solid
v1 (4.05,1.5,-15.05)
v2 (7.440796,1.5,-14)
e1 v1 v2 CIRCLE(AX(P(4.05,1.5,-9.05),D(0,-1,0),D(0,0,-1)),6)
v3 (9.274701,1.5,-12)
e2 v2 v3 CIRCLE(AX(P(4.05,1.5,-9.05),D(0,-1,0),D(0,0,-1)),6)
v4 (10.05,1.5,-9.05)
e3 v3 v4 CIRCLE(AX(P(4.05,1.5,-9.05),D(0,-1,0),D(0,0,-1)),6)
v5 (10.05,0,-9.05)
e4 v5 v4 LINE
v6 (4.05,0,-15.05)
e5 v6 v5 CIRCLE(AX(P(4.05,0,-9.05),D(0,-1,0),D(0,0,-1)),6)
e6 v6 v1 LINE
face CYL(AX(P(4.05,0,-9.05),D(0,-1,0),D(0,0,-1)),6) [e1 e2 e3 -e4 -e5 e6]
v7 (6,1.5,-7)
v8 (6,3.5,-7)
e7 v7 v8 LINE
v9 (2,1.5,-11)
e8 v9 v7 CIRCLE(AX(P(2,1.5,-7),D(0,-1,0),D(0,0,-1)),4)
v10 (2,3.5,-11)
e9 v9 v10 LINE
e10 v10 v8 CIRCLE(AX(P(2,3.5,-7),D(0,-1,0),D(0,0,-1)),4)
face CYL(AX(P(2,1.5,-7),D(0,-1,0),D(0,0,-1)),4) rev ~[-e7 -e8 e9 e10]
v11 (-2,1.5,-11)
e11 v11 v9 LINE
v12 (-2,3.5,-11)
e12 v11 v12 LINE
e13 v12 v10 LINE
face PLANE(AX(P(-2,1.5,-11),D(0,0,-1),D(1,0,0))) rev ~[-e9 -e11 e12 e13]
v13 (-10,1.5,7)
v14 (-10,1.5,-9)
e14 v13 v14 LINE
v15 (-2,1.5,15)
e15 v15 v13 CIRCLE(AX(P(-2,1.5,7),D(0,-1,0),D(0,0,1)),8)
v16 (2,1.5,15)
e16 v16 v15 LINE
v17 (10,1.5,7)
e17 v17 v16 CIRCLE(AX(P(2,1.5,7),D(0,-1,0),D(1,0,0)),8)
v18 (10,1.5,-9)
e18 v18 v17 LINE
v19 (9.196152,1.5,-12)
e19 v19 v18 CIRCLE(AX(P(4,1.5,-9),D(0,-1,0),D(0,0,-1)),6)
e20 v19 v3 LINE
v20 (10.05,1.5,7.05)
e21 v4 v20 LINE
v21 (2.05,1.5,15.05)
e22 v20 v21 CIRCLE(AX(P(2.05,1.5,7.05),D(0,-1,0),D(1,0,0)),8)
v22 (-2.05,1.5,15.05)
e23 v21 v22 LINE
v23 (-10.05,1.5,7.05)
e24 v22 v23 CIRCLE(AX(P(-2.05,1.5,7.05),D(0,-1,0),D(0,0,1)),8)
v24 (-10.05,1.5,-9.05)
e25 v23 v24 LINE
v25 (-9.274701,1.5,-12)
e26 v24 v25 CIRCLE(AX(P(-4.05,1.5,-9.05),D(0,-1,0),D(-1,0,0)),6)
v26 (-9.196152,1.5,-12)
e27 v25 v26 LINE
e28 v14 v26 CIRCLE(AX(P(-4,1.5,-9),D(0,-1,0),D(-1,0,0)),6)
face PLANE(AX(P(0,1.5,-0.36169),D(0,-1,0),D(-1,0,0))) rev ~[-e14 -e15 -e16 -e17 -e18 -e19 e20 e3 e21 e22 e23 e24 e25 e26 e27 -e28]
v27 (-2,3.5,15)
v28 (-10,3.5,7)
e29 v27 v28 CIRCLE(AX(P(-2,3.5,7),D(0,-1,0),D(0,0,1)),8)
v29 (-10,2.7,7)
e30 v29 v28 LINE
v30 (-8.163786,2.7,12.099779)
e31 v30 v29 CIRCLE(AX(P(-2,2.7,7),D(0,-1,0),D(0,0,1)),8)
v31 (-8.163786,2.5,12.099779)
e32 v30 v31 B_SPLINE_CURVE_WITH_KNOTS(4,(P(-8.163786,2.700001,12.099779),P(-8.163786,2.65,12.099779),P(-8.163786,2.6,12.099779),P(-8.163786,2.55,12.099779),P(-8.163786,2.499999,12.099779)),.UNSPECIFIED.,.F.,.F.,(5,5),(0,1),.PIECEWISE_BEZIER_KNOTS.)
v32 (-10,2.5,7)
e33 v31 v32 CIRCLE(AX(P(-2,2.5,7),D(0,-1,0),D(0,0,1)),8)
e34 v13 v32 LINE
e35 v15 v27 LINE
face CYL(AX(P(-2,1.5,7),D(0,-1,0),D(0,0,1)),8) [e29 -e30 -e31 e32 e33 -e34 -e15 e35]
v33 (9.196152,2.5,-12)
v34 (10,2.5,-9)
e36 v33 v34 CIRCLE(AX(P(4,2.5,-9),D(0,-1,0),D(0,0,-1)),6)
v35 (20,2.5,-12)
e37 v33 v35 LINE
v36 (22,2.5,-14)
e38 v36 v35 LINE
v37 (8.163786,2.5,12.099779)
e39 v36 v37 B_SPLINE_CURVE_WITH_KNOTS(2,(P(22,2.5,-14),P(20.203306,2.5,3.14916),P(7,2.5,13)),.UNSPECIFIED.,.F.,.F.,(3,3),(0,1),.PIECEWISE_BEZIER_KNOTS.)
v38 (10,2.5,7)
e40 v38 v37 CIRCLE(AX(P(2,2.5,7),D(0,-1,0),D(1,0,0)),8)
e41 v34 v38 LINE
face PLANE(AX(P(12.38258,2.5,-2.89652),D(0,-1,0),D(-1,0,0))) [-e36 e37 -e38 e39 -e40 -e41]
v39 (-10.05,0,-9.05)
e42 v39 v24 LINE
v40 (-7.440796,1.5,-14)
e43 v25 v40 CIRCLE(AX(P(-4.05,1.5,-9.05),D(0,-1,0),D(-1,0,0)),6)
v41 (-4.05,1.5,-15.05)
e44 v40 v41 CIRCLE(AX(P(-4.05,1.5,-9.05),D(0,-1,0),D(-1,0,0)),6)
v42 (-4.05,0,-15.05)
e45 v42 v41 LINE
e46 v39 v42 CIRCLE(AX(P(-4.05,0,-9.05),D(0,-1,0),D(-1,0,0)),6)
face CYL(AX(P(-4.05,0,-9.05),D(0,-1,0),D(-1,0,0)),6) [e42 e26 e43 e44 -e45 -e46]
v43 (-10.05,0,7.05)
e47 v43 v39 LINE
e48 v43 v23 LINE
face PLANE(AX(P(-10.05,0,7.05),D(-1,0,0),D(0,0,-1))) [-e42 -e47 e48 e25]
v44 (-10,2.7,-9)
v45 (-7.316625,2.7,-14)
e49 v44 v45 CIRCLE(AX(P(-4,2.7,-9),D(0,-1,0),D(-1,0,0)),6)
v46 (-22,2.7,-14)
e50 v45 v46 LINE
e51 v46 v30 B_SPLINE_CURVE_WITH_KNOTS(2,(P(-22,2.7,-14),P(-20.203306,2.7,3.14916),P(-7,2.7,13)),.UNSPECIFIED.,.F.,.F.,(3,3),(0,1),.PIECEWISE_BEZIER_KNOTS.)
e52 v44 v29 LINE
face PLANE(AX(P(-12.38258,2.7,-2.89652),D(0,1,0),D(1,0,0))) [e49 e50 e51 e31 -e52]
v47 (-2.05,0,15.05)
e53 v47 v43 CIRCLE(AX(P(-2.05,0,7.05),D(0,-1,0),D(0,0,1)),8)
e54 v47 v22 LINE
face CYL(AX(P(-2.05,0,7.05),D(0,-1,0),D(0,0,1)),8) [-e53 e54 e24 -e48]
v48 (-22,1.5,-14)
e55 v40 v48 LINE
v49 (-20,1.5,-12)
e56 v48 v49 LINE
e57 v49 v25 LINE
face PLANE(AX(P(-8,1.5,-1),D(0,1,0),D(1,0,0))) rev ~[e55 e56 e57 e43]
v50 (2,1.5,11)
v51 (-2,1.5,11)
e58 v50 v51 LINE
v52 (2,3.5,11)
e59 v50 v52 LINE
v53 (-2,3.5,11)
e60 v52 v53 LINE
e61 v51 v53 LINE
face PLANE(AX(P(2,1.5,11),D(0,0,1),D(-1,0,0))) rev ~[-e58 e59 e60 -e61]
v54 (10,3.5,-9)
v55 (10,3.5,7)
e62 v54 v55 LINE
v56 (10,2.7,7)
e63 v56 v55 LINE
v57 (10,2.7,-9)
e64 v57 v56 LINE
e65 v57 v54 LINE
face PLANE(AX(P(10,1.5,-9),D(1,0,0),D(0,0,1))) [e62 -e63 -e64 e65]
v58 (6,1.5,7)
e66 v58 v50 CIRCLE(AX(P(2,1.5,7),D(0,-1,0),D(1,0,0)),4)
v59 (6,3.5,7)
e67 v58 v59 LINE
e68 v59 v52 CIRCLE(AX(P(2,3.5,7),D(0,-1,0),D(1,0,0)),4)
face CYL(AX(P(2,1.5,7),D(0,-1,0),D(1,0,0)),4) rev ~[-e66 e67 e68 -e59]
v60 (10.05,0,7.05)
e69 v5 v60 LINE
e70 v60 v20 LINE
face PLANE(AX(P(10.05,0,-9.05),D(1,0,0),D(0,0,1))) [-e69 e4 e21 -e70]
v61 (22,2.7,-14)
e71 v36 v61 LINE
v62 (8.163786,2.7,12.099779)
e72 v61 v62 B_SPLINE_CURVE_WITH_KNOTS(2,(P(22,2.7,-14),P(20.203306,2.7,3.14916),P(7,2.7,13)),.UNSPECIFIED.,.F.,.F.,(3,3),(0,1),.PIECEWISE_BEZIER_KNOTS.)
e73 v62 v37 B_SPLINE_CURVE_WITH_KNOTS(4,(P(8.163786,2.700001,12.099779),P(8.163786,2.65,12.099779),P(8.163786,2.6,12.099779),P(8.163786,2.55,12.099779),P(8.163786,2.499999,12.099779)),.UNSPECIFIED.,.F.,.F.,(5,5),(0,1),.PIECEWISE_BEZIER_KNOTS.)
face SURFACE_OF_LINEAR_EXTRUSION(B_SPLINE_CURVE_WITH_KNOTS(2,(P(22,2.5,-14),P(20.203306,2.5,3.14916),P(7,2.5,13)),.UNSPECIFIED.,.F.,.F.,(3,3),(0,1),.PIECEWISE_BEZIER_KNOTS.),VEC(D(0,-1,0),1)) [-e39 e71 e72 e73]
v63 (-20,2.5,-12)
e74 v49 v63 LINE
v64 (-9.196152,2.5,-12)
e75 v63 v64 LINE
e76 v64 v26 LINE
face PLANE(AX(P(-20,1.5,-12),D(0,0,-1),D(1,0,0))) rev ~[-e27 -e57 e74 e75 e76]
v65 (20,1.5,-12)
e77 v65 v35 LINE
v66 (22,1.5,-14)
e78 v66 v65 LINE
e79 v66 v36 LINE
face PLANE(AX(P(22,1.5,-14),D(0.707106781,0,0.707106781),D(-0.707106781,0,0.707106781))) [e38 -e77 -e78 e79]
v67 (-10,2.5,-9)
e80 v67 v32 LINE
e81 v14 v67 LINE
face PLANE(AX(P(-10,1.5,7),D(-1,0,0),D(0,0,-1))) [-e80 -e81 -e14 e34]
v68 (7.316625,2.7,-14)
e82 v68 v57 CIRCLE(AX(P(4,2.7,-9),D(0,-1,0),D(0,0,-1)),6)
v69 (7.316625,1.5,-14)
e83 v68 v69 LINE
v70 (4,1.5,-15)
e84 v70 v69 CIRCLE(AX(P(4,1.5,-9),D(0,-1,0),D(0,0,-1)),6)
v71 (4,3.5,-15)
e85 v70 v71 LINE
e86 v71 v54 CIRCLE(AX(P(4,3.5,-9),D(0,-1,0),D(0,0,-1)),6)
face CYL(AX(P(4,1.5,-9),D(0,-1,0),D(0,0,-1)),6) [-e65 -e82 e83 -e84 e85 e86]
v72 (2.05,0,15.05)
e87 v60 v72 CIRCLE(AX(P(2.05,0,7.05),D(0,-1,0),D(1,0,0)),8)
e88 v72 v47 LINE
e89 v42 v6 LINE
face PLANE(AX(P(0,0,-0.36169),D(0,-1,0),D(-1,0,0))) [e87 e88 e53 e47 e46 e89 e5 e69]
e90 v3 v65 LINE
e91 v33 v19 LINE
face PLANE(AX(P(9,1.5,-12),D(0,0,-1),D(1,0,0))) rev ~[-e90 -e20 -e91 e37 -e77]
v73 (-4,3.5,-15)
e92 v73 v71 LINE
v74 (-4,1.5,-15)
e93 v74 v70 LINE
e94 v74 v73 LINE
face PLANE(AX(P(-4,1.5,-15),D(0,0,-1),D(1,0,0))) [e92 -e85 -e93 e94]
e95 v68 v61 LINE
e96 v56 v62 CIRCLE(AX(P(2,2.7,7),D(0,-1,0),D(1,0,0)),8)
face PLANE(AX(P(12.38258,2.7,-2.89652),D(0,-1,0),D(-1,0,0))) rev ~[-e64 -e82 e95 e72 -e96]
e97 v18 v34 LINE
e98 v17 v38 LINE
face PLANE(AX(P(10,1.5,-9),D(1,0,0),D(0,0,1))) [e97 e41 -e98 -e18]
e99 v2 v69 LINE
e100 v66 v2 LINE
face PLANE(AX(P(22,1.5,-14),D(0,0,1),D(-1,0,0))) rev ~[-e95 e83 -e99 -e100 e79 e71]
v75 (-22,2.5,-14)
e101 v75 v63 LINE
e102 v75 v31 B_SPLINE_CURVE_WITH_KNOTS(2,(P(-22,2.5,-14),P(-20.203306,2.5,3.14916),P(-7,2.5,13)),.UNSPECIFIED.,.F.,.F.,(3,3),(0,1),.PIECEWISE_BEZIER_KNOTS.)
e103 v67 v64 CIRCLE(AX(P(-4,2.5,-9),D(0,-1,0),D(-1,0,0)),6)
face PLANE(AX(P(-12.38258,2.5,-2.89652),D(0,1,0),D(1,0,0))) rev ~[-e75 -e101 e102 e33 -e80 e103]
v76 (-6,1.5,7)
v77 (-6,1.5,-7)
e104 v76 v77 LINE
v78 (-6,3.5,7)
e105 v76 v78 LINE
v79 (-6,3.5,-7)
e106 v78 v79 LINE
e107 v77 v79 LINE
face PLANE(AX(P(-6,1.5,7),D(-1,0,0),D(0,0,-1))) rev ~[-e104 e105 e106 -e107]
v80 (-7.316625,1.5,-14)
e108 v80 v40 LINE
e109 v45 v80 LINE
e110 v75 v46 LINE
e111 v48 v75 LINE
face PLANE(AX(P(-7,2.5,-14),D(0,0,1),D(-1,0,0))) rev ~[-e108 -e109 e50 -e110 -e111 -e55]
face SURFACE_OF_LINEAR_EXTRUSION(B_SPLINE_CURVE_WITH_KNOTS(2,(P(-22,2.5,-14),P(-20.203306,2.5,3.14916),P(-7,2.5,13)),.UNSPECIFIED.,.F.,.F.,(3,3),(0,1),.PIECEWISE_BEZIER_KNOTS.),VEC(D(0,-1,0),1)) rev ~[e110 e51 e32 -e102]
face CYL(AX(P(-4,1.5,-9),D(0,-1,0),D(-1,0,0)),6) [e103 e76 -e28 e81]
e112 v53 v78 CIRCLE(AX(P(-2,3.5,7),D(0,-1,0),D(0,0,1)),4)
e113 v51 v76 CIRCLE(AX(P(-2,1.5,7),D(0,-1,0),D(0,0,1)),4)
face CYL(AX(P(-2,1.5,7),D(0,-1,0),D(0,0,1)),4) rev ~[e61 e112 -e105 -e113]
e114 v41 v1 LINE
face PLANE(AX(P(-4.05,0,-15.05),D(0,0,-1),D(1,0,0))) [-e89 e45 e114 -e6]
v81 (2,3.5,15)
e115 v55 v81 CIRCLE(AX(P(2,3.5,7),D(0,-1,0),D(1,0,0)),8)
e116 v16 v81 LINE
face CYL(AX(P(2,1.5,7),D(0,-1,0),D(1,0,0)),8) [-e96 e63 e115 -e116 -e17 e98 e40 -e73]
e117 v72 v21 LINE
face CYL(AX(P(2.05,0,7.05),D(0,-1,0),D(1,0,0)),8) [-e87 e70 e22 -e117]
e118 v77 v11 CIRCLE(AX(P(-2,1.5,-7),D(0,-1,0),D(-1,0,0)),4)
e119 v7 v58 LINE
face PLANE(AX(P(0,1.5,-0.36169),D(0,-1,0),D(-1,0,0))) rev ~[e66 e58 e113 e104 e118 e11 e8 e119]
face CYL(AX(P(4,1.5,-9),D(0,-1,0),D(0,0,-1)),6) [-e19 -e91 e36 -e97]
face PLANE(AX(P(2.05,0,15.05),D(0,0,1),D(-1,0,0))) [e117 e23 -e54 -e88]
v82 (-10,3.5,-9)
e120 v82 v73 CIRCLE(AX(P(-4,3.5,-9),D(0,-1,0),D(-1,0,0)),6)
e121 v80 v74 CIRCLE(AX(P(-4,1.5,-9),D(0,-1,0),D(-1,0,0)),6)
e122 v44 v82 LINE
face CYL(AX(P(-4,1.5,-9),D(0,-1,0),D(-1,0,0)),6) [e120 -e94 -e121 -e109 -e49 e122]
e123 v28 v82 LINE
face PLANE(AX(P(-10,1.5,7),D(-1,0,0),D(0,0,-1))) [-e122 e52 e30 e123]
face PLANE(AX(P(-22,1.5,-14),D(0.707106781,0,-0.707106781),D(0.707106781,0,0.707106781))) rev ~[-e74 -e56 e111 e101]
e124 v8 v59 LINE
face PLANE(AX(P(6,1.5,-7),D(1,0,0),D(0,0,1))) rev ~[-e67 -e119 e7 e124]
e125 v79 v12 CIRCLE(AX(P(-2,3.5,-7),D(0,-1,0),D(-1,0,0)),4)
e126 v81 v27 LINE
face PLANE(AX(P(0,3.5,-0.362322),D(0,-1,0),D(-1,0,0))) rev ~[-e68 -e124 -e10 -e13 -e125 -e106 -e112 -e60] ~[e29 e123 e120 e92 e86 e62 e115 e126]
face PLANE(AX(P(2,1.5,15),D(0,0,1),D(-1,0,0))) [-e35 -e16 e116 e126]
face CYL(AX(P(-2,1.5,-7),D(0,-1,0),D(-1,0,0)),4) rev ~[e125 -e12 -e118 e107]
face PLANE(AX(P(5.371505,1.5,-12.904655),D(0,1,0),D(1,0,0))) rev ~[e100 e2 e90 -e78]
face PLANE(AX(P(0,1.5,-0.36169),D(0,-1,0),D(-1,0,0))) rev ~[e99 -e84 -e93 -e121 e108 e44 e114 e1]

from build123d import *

# Parameters (mm, degrees)
EXTRUDE_1_DEPTH = 1.5
SKETCH_2_W      = 2
SKETCH_2_H      = 22
EXTRUDE_2_DEPTH = 1
EXTRUDE_3_DEPTH = 0.2
EXTRUDE_4_DEPTH = 2


with BuildPart() as part:
    # 草图1 → 凸台-拉伸1 (new body)
    with BuildSketch(Plane(origin=(0, 0, 0), x_dir=(1, 0, 0), z_dir=(0, 1, 0))):
        with BuildLine():
            Line((-4.05, 15.05), (4.05, 15.05))
            ThreePointArc((4.05, 15.05), (8.292640687, 13.292640687), (10.05, 9.05))
            Line((10.05, 9.05), (10.05, -7.05))
            ThreePointArc((10.05, -7.05), (7.706854249, -12.706854249), (2.05, -15.05))
            Line((2.05, -15.05), (-2.05, -15.05))
            ThreePointArc((-2.05, -15.05), (-7.706854249, -12.706854249), (-10.05, -7.05))
            Line((-10.05, -7.05), (-10.05, 9.05))
            ThreePointArc((-10.05, 9.05), (-8.292640687, 13.292640687), (-4.05, 15.05))
        make_face()
    extrude(amount=EXTRUDE_1_DEPTH)

    # 草图2 → 凸台-拉伸2 (add)
    with BuildSketch(Plane(origin=(0, 1.5, 0), x_dir=(1, 0, 0), z_dir=(0, 1, 0))):
        with Locations((-8, 1)):
            Rectangle(SKETCH_2_W, SKETCH_2_H)
        with BuildLine():
            Line((-9, 12), (-7, 12))
            Line((-7, 12), (-2, 12))
            Line((-2, 12), (-2, 14))
            Line((-2, 14), (-7.440796367, 14))
            ThreePointArc((-7.440796367, 14), (-8.472295614, 13.105034094), (-9.274700948, 12))
            Line((-9.274700948, 12), (-9, 12))
        make_face()
        with BuildLine():
            Line((-20, 12), (-9.274700948, 12))
            ThreePointArc((-9.274700948, 12), (-8.472295614, 13.105034094), (-7.440796367, 14))
            Line((-7.440796367, 14), (-20, 14))
            Line((-20, 14), (-20, 12))
        make_face()
        Polygon((-20, 14), (-22, 14), (-20, 12), align=None)
        Polygon((-7, -13), (-9, -10), (-7, -10), align=None)
        with BuildLine():
            ThreePointArc((9.274700948, 12), (8.472295614, 13.105034094), (7.440796367, 14))
            Line((7.440796367, 14), (2, 14))
            Line((2, 14), (2, 12))
            Line((2, 12), (7, 12))
            Line((7, 12), (9, 12))
            Line((9, 12), (9.274700948, 12))
        make_face()
        with BuildLine():
            Line((20, 12), (20, 14))
            Line((20, 14), (7.440796367, 14))
            ThreePointArc((7.440796367, 14), (8.472295614, 13.105034094), (9.274700948, 12))
            Line((9.274700948, 12), (20, 12))
        make_face()
        Polygon((20, 12), (20, 14), (22, 14), align=None)
        with Locations((8, 1)):
            Rectangle(SKETCH_2_W, SKETCH_2_H)
        Polygon((7, -10), (9, -10), (7, -13), align=None)
    extrude(amount=EXTRUDE_2_DEPTH)

    # 草图3 → 凸台-拉伸3 (add)
    with BuildSketch(Plane(origin=(0, 2.5, 0), x_dir=(1, 0, 0), z_dir=(0, 1, 0))):
        with BuildLine():
            Line((-7, -13), (-7, 14))
            Line((-7, 14), (-22, 14))
            add(Edge.make_bspline(
                [(-22, 14), (-20.203305703, -3.149159716), (-7, -13)],
                knots=[0, 0, 0, 1, 1, 1], degree=2))
        make_face()
        with BuildLine():
            Line((7, -13), (7, 14))
            Line((7, 14), (22, 14))
            add(Edge.make_bspline(
                [(22, 14), (20.203305703, -3.149159716), (7, -13)],
                knots=[0, 0, 0, 1, 1, 1], degree=2))
        make_face()
    extrude(amount=EXTRUDE_3_DEPTH)

    # 草图4 → 凸台-拉伸4 (add)
    with BuildSketch(Plane(origin=(0, 1.5, 0), x_dir=(1, 0, 0), z_dir=(0, 1, 0))):
        with BuildLine():
            Line((-4, 15), (4, 15))
            ThreePointArc((4, 15), (8.242640687, 13.242640687), (10, 9))
            Line((10, 9), (10, -7))
            ThreePointArc((10, -7), (7.656854249, -12.656854249), (2, -15))
            Line((2, -15), (-2, -15))
            ThreePointArc((-2, -15), (-7.656854249, -12.656854249), (-10, -7))
            Line((-10, -7), (-10, 9))
            ThreePointArc((-10, 9), (-8.242640687, 13.242640687), (-4, 15))
        make_face()
        with BuildLine():
            Line((-2, 11), (2, 11))
            ThreePointArc((2, 11), (4.828427125, 9.828427125), (6, 7))
            Line((6, 7), (6, -7))
            ThreePointArc((6, -7), (4.828427125, -9.828427125), (2, -11))
            Line((2, -11), (-2, -11))
            ThreePointArc((-2, -11), (-4.828427125, -9.828427125), (-6, -7))
            Line((-6, -7), (-6, 7))
            ThreePointArc((-6, 7), (-4.828427125, 9.828427125), (-2, 11))
        make_face(mode=Mode.SUBTRACT)
    extrude(amount=EXTRUDE_4_DEPTH)


solid = part.part
